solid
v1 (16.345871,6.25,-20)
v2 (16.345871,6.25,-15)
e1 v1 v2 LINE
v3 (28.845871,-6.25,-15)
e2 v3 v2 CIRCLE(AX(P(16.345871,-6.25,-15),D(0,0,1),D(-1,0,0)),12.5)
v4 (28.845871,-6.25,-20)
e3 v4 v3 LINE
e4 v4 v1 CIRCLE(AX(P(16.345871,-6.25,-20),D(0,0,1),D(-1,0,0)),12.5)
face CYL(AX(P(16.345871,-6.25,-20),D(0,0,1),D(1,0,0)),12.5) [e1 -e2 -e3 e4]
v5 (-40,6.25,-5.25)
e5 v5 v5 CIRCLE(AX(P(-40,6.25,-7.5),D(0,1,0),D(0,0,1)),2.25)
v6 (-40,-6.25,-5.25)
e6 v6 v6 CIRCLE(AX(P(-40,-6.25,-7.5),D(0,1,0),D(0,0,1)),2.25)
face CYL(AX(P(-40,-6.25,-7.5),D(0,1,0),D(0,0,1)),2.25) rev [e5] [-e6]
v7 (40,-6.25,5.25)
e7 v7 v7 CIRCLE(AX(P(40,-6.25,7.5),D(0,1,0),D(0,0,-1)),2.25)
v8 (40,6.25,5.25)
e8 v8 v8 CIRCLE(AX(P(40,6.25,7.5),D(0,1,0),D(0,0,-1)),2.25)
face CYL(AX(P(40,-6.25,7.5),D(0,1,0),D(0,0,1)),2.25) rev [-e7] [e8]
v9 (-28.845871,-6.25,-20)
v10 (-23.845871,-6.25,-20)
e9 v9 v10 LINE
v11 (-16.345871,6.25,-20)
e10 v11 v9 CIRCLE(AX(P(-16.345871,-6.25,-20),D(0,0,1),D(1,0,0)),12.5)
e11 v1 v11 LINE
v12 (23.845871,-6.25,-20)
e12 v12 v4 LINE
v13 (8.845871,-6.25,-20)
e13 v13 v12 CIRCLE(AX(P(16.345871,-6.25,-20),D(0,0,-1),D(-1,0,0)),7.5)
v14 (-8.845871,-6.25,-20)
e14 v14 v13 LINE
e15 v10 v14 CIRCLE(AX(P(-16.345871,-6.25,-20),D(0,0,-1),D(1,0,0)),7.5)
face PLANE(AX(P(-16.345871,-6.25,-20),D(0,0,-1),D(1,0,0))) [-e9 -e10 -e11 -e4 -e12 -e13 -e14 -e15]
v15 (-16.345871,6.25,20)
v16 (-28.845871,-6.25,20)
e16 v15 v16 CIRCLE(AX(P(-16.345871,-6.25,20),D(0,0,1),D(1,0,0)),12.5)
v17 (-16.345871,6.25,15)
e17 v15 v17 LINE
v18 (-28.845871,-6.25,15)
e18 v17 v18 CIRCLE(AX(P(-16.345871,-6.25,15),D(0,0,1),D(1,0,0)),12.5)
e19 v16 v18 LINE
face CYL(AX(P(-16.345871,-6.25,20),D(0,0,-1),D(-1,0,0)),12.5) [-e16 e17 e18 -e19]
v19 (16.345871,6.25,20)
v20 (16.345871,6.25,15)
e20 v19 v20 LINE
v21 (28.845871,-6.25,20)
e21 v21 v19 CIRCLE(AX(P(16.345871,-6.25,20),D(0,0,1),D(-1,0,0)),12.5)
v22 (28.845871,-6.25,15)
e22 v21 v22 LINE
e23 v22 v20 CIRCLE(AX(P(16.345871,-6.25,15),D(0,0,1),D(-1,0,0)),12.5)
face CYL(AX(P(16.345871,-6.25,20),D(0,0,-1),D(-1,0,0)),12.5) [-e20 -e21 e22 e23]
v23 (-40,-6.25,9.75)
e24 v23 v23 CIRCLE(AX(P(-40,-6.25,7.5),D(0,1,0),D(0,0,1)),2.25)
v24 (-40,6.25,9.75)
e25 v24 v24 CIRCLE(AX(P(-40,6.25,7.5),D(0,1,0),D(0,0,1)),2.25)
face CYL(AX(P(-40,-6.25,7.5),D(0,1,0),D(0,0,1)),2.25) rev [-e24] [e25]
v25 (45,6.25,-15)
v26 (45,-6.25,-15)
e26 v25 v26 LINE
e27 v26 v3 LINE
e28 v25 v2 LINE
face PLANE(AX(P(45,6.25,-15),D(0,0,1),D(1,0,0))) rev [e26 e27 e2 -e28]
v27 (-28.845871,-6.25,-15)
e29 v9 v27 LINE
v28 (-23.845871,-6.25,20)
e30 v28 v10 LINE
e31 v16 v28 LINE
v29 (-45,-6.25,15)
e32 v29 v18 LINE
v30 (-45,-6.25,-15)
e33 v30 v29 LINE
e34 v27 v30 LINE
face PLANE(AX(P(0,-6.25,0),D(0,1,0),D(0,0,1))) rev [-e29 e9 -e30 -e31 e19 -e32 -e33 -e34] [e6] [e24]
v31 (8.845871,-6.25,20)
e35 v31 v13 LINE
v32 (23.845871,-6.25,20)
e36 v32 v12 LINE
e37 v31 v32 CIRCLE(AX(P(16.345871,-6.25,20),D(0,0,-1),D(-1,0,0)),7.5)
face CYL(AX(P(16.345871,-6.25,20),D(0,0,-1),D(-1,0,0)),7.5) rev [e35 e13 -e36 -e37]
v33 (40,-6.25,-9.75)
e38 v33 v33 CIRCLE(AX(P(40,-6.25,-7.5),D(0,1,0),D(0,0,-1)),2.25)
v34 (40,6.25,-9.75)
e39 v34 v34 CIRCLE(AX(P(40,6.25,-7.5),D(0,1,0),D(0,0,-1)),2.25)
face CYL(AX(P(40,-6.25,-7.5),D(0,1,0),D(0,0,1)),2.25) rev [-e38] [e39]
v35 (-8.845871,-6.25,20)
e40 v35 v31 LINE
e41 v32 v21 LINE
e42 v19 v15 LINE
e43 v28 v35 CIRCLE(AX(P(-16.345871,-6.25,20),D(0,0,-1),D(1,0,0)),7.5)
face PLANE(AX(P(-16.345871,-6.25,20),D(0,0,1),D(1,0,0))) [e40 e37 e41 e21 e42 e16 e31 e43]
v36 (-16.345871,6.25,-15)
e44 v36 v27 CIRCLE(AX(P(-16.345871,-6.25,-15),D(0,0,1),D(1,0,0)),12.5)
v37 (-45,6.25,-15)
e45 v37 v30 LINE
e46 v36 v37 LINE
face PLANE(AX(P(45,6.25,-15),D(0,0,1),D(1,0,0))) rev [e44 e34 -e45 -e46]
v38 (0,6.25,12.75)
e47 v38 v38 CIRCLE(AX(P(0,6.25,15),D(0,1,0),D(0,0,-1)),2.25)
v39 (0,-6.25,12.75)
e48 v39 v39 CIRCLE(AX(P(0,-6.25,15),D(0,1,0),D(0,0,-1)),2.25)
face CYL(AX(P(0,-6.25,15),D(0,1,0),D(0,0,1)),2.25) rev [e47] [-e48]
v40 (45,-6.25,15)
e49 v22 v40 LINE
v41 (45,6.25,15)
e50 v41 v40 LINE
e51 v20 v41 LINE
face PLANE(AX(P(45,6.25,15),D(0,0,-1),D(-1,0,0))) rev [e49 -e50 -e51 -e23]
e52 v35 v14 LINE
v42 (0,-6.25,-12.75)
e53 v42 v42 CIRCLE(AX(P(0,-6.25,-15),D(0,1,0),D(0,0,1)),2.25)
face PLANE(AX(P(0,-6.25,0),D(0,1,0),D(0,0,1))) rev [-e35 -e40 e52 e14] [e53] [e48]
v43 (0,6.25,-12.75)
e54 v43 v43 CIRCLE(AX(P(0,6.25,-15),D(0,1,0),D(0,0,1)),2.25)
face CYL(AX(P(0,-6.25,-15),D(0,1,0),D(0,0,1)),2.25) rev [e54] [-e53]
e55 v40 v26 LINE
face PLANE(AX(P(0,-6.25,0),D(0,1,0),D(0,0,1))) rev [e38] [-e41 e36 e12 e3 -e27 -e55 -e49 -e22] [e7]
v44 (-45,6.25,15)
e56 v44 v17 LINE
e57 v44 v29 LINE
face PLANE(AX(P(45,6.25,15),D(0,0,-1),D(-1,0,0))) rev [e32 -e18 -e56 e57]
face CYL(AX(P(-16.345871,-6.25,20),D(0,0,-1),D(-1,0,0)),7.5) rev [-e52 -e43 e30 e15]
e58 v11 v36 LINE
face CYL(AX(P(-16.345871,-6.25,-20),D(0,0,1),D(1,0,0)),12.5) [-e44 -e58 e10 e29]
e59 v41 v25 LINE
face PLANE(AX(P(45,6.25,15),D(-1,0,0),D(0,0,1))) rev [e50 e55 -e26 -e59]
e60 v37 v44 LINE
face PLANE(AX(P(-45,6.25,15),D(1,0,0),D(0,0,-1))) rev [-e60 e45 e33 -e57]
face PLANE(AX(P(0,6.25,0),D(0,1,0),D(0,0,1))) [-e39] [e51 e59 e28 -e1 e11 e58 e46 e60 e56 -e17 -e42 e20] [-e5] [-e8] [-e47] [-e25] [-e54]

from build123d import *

# Parameters (mm, degrees)
SKETCH1_W           = 90
SKETCH1_H           = 30
BOSS_EXTRUDE1_DEPTH = 6.25
BOSS_EXTRUDE3_DEPTH = 5
CUT_EXTRUDE1_DEPTH  = 41
SKETCH6_R           = 2.25
CUT_EXTRUDE2_DEPTH  = 13.5


with BuildPart() as part:
    # Sketch1 → Boss-Extrude1 (new body, symmetric)
    with BuildSketch(Plane(origin=(0, 0, 0), x_dir=(1, 0, 0), z_dir=(0, 1, 0))):
        Rectangle(SKETCH1_W, SKETCH1_H)
    extrude(amount=BOSS_EXTRUDE1_DEPTH, both=True)

    # Sketch3 → Boss-Extrude3 (add)
    with BuildSketch(Plane.XY.offset(15)):
        with BuildLine():
            Line((-28.845871038, -6.25), (-23.845871038, -6.25))
            ThreePointArc((-23.845871038, -6.25), (-16.345871038, 1.25), (-8.845871038, -6.25))
            Line((-8.845871038, -6.25), (8.845871038, -6.25))
            ThreePointArc((8.845871038, -6.25), (16.345871038, 1.25), (23.845871038, -6.25))
            Line((23.845871038, -6.25), (28.845871038, -6.25))
            ThreePointArc((28.845871038, -6.25), (25.184705803, 2.588834765), (16.345871038, 6.25))
            Line((16.345871038, 6.25), (-16.345871038, 6.25))
            ThreePointArc((-16.345871038, 6.25), (-25.184705803, 2.588834765), (-28.845871038, -6.25))
        make_face()
    boss_extrude3 = extrude(amount=BOSS_EXTRUDE3_DEPTH)

    # Mirror1: Boss-Extrude3 across plane
    add(boss_extrude3.mirror(Plane.XY))

    # Sketch5 → Cut-Extrude1 (cut)
    with BuildSketch(Plane.XY.offset(15)):
        with BuildLine():
            Line((-23.845871038, -6.25), (-8.845871038, -6.25))
            ThreePointArc((-8.845871038, -6.25), (-16.345871038, 1.25), (-23.845871038, -6.25))
        make_face()
        with BuildLine():
            Line((8.845871038, -6.25), (23.845871038, -6.25))
            ThreePointArc((23.845871038, -6.25), (16.345871038, 1.25), (8.845871038, -6.25))
        make_face()
    extrude(amount=-CUT_EXTRUDE1_DEPTH, mode=Mode.SUBTRACT)

    # Sketch6 → Cut-Extrude2 (cut, through all)
    with BuildSketch(Plane(origin=(0, 6.25, 0), x_dir=(1, 0, 0), z_dir=(0, 1, 0))):
        with Locations(Location((-40, 7.5, 0), (0, 0, 270))):  # turned: the seam where the file's is
            Circle(SKETCH6_R)
        with Locations(Location((-40, -7.5, 0), (0, 0, 270))):  # turned: the seam where the file's is
            Circle(SKETCH6_R)
        with Locations(Location((40, -7.5, 0), (0, 0, 90))):  # turned: the seam where the file's is
            Circle(SKETCH6_R)
        with Locations(Location((40, 7.5, 0), (0, 0, 90))):  # turned: the seam where the file's is
            Circle(SKETCH6_R)
        with Locations(Location((0, 15, 0), (0, 0, 270))):  # turned: the seam where the file's is
            Circle(SKETCH6_R)
        with Locations(Location((0, -15, 0), (0, 0, 90))):  # turned: the seam where the file's is
            Circle(SKETCH6_R)
    extrude(amount=-CUT_EXTRUDE2_DEPTH, mode=Mode.SUBTRACT)


solid = part.part
